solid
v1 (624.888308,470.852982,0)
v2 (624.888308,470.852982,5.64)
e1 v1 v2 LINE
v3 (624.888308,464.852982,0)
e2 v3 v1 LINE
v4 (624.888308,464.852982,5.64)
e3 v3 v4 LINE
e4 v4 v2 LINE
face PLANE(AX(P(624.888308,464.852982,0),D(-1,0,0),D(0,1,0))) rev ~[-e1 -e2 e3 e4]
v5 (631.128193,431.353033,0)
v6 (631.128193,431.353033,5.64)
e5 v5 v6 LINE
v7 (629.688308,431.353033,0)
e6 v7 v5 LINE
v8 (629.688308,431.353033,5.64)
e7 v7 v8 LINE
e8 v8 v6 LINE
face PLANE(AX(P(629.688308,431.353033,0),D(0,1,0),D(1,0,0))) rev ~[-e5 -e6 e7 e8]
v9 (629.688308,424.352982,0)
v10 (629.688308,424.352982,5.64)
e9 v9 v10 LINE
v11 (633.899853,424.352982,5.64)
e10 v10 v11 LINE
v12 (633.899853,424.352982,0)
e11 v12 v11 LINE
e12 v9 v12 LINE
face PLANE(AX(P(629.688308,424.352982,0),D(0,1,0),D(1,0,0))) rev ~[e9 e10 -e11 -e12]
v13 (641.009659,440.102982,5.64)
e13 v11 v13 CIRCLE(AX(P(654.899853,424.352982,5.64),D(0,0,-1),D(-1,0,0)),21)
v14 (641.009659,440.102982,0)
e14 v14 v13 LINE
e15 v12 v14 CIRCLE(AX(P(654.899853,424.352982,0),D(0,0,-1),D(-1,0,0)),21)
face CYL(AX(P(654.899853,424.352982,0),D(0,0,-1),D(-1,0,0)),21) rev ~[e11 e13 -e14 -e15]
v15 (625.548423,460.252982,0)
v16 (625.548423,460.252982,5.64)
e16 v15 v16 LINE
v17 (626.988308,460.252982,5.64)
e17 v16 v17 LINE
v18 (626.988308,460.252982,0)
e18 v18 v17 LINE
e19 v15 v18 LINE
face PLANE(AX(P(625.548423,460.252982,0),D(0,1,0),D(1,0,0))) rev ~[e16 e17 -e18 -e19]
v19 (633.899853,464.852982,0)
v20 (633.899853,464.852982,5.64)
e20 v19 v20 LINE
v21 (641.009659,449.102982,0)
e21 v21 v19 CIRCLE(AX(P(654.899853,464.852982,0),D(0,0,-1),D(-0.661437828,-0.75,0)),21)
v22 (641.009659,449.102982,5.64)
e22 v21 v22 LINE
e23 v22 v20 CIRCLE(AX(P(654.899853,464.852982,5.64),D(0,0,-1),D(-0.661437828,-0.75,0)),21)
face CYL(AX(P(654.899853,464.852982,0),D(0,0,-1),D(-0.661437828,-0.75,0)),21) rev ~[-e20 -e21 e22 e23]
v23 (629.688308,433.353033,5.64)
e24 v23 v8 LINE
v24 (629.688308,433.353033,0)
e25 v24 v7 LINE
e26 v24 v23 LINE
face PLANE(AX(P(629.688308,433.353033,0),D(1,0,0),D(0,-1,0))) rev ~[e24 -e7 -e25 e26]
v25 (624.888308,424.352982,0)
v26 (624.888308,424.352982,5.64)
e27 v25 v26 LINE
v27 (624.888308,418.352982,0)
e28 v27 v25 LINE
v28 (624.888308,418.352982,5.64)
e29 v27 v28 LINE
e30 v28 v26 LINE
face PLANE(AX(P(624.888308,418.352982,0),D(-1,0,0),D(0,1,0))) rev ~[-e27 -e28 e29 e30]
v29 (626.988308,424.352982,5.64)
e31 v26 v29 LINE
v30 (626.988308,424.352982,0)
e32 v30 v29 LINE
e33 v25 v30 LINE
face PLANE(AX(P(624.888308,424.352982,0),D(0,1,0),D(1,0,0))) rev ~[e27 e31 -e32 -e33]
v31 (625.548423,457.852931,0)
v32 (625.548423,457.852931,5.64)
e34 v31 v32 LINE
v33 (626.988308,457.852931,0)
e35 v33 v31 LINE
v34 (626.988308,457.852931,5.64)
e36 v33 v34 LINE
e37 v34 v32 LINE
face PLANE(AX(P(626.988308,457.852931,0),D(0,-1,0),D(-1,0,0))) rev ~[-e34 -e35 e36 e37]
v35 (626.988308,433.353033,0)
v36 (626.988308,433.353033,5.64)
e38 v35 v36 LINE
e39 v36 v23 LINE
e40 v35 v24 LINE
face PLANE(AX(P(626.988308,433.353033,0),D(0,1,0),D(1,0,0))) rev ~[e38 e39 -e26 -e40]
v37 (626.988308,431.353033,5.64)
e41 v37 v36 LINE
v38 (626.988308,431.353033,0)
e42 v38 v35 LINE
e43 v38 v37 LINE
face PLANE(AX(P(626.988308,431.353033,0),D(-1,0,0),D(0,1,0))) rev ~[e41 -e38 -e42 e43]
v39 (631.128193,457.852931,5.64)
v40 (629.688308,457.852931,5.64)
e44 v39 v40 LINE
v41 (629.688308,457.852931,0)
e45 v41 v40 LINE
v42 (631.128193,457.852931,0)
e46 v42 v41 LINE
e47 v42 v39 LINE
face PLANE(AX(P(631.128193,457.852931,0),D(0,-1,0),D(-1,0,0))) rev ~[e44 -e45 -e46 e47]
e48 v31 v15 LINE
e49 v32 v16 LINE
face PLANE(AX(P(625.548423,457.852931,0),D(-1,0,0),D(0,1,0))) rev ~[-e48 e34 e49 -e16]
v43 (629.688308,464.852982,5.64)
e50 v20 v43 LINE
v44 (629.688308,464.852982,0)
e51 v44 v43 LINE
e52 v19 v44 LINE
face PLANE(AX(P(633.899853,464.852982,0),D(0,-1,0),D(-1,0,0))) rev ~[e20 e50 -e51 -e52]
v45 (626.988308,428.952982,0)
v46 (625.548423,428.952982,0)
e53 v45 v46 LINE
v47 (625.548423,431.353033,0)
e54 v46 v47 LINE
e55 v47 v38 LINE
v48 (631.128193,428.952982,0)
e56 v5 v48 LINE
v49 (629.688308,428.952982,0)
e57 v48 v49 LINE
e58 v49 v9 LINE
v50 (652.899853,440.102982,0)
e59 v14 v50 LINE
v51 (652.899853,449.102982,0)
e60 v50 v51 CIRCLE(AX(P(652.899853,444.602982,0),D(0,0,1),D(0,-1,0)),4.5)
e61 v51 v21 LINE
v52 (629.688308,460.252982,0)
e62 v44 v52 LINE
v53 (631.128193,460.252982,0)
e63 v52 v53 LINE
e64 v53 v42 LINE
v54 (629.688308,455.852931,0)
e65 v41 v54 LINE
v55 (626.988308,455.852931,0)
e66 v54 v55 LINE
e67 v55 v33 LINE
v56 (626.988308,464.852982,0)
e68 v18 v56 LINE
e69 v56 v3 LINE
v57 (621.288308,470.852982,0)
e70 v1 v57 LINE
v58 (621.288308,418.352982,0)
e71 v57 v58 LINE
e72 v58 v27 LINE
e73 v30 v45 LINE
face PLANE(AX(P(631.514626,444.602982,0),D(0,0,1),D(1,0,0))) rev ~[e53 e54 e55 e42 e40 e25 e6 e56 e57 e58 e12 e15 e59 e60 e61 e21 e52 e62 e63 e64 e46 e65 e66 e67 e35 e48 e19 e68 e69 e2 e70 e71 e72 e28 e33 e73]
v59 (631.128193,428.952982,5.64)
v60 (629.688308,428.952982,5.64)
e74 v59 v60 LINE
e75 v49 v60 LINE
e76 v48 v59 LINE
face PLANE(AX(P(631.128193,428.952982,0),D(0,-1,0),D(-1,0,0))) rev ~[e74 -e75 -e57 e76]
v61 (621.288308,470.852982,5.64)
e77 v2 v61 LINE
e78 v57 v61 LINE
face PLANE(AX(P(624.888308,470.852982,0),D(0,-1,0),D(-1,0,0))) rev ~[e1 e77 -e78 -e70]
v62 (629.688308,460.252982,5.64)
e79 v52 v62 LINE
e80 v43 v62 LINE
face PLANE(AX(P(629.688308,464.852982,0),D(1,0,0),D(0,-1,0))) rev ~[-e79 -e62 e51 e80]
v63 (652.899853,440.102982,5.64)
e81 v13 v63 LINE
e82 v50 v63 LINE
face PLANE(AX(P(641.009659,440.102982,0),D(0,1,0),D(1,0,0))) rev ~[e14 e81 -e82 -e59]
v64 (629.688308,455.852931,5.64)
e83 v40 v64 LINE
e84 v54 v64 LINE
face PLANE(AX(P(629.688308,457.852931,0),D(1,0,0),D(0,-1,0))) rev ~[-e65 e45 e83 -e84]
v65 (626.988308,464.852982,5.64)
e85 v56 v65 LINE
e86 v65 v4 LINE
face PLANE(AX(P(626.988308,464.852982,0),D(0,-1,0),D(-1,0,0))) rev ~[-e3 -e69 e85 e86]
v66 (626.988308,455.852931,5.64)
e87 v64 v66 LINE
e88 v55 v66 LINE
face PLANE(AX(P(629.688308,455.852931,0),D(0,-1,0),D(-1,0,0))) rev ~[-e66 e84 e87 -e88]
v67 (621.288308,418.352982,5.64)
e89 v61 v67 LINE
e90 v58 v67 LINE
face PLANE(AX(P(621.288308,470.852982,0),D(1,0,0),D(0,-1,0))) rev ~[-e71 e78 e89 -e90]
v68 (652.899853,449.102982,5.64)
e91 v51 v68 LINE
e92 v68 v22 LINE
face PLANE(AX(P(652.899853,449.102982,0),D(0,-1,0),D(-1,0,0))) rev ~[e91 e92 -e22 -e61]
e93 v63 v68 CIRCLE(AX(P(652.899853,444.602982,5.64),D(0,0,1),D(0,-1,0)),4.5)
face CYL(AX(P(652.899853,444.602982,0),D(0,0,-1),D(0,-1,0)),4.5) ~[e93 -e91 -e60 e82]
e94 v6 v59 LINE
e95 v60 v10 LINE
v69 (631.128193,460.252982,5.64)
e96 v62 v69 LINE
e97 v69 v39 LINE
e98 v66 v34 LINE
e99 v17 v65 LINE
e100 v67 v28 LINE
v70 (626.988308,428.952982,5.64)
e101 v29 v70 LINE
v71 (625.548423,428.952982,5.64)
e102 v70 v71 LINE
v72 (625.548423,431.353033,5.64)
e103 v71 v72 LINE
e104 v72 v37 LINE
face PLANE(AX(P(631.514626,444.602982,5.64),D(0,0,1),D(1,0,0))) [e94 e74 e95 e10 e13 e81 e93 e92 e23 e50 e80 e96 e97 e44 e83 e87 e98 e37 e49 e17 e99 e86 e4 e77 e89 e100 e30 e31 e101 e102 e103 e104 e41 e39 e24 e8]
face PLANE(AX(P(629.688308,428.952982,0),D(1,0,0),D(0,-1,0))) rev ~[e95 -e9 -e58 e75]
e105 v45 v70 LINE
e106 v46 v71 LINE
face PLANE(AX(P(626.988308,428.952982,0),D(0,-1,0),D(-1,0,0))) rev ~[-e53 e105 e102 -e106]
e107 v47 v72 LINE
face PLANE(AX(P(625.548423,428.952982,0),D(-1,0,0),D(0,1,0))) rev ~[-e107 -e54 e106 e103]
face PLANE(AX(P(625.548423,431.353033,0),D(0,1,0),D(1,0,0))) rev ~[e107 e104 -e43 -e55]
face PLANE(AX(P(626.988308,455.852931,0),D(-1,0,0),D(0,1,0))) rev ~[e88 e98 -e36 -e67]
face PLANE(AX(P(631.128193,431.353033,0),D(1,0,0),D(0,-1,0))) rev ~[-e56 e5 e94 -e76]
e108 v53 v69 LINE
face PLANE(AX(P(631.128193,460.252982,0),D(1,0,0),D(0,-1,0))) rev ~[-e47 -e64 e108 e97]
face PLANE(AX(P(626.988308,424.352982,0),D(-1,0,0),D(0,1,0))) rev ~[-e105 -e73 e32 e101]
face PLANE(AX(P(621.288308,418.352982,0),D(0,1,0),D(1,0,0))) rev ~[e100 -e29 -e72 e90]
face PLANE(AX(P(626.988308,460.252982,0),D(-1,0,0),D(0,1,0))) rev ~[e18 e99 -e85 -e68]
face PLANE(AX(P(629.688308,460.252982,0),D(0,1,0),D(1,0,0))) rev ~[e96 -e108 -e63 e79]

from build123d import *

# Parameters (mm, degrees)
BOSS_EXTRUDE1_DEPTH = 5.64


with BuildPart() as part:
    # Sketch1 → Boss-Extrude1 (new body)
    with BuildSketch(Plane.XY):
        with BuildLine():
            Line((652.899853243, 449.102981641), (641.00965886, 449.102981641))
            ThreePointArc((641.00965886, 449.102981641), (635.75965886, 456.212787258), (633.899853243, 464.852981641))
            Line((633.899853243, 464.852981641), (629.688308144, 464.852981641))
            Line((629.688308144, 464.852981641), (629.688308144, 460.252981641))
            Line((629.688308144, 460.252981641), (631.128193187, 460.252981641))
            Line((631.128193187, 460.252981641), (631.128193187, 457.852930641))
            Line((631.128193187, 457.852930641), (629.688308144, 457.852930641))
            Line((629.688308144, 457.852930641), (629.688308144, 455.852930641))
            Line((629.688308144, 455.852930641), (626.988308144, 455.852930641))
            Line((626.988308144, 455.852930641), (626.988308144, 457.852930641))
            Line((626.988308144, 457.852930641), (625.548423101, 457.852930641))
            Line((625.548423101, 457.852930641), (625.548423101, 460.252981641))
            Line((625.548423101, 460.252981641), (626.988308144, 460.252981641))
            Line((626.988308144, 460.252981641), (626.988308144, 464.852981641))
            Line((626.988308144, 464.852981641), (624.888308144, 464.852981641))
            Line((624.888308144, 464.852981641), (624.888308144, 470.852981641))
            Line((624.888308144, 470.852981641), (621.288308144, 470.852981641))
            Line((621.288308144, 470.852981641), (621.288308144, 464.852981641))
            Line((621.288308144, 464.852981641), (621.288308144, 424.352981641))
            Line((621.288308144, 424.352981641), (621.288308144, 418.352981641))
            Line((621.288308144, 418.352981641), (624.888308144, 418.352981641))
            Line((624.888308144, 418.352981641), (624.888308144, 424.352981641))
            Line((624.888308144, 424.352981641), (626.988308144, 424.352981641))
            Line((626.988308144, 424.352981641), (626.988308144, 428.952981641))
            Line((626.988308144, 428.952981641), (625.548423101, 428.952981641))
            Line((625.548423101, 428.952981641), (625.548423101, 431.353032641))
            Line((625.548423101, 431.353032641), (626.988308144, 431.353032641))
            Line((626.988308144, 431.353032641), (626.988308144, 433.353032641))
            Line((626.988308144, 433.353032641), (629.688308144, 433.353032641))
            Line((629.688308144, 433.353032641), (629.688308144, 431.353032641))
            Line((629.688308144, 431.353032641), (631.128193187, 431.353032641))
            Line((631.128193187, 431.353032641), (631.128193187, 428.952981641))
            Line((631.128193187, 428.952981641), (629.688308144, 428.952981641))
            Line((629.688308144, 428.952981641), (629.688308144, 424.352981641))
            Line((629.688308144, 424.352981641), (633.899853243, 424.352981641))
            ThreePointArc((633.899853243, 424.352981641), (635.75965886, 432.993176024), (641.00965886, 440.102981641))
            Line((641.00965886, 440.102981641), (652.899853243, 440.102981641))
            ThreePointArc((652.899853243, 440.102981641), (657.399853243, 444.602981641), (652.899853243, 449.102981641))
        make_face()
    extrude(amount=BOSS_EXTRUDE1_DEPTH)


solid = part.part
